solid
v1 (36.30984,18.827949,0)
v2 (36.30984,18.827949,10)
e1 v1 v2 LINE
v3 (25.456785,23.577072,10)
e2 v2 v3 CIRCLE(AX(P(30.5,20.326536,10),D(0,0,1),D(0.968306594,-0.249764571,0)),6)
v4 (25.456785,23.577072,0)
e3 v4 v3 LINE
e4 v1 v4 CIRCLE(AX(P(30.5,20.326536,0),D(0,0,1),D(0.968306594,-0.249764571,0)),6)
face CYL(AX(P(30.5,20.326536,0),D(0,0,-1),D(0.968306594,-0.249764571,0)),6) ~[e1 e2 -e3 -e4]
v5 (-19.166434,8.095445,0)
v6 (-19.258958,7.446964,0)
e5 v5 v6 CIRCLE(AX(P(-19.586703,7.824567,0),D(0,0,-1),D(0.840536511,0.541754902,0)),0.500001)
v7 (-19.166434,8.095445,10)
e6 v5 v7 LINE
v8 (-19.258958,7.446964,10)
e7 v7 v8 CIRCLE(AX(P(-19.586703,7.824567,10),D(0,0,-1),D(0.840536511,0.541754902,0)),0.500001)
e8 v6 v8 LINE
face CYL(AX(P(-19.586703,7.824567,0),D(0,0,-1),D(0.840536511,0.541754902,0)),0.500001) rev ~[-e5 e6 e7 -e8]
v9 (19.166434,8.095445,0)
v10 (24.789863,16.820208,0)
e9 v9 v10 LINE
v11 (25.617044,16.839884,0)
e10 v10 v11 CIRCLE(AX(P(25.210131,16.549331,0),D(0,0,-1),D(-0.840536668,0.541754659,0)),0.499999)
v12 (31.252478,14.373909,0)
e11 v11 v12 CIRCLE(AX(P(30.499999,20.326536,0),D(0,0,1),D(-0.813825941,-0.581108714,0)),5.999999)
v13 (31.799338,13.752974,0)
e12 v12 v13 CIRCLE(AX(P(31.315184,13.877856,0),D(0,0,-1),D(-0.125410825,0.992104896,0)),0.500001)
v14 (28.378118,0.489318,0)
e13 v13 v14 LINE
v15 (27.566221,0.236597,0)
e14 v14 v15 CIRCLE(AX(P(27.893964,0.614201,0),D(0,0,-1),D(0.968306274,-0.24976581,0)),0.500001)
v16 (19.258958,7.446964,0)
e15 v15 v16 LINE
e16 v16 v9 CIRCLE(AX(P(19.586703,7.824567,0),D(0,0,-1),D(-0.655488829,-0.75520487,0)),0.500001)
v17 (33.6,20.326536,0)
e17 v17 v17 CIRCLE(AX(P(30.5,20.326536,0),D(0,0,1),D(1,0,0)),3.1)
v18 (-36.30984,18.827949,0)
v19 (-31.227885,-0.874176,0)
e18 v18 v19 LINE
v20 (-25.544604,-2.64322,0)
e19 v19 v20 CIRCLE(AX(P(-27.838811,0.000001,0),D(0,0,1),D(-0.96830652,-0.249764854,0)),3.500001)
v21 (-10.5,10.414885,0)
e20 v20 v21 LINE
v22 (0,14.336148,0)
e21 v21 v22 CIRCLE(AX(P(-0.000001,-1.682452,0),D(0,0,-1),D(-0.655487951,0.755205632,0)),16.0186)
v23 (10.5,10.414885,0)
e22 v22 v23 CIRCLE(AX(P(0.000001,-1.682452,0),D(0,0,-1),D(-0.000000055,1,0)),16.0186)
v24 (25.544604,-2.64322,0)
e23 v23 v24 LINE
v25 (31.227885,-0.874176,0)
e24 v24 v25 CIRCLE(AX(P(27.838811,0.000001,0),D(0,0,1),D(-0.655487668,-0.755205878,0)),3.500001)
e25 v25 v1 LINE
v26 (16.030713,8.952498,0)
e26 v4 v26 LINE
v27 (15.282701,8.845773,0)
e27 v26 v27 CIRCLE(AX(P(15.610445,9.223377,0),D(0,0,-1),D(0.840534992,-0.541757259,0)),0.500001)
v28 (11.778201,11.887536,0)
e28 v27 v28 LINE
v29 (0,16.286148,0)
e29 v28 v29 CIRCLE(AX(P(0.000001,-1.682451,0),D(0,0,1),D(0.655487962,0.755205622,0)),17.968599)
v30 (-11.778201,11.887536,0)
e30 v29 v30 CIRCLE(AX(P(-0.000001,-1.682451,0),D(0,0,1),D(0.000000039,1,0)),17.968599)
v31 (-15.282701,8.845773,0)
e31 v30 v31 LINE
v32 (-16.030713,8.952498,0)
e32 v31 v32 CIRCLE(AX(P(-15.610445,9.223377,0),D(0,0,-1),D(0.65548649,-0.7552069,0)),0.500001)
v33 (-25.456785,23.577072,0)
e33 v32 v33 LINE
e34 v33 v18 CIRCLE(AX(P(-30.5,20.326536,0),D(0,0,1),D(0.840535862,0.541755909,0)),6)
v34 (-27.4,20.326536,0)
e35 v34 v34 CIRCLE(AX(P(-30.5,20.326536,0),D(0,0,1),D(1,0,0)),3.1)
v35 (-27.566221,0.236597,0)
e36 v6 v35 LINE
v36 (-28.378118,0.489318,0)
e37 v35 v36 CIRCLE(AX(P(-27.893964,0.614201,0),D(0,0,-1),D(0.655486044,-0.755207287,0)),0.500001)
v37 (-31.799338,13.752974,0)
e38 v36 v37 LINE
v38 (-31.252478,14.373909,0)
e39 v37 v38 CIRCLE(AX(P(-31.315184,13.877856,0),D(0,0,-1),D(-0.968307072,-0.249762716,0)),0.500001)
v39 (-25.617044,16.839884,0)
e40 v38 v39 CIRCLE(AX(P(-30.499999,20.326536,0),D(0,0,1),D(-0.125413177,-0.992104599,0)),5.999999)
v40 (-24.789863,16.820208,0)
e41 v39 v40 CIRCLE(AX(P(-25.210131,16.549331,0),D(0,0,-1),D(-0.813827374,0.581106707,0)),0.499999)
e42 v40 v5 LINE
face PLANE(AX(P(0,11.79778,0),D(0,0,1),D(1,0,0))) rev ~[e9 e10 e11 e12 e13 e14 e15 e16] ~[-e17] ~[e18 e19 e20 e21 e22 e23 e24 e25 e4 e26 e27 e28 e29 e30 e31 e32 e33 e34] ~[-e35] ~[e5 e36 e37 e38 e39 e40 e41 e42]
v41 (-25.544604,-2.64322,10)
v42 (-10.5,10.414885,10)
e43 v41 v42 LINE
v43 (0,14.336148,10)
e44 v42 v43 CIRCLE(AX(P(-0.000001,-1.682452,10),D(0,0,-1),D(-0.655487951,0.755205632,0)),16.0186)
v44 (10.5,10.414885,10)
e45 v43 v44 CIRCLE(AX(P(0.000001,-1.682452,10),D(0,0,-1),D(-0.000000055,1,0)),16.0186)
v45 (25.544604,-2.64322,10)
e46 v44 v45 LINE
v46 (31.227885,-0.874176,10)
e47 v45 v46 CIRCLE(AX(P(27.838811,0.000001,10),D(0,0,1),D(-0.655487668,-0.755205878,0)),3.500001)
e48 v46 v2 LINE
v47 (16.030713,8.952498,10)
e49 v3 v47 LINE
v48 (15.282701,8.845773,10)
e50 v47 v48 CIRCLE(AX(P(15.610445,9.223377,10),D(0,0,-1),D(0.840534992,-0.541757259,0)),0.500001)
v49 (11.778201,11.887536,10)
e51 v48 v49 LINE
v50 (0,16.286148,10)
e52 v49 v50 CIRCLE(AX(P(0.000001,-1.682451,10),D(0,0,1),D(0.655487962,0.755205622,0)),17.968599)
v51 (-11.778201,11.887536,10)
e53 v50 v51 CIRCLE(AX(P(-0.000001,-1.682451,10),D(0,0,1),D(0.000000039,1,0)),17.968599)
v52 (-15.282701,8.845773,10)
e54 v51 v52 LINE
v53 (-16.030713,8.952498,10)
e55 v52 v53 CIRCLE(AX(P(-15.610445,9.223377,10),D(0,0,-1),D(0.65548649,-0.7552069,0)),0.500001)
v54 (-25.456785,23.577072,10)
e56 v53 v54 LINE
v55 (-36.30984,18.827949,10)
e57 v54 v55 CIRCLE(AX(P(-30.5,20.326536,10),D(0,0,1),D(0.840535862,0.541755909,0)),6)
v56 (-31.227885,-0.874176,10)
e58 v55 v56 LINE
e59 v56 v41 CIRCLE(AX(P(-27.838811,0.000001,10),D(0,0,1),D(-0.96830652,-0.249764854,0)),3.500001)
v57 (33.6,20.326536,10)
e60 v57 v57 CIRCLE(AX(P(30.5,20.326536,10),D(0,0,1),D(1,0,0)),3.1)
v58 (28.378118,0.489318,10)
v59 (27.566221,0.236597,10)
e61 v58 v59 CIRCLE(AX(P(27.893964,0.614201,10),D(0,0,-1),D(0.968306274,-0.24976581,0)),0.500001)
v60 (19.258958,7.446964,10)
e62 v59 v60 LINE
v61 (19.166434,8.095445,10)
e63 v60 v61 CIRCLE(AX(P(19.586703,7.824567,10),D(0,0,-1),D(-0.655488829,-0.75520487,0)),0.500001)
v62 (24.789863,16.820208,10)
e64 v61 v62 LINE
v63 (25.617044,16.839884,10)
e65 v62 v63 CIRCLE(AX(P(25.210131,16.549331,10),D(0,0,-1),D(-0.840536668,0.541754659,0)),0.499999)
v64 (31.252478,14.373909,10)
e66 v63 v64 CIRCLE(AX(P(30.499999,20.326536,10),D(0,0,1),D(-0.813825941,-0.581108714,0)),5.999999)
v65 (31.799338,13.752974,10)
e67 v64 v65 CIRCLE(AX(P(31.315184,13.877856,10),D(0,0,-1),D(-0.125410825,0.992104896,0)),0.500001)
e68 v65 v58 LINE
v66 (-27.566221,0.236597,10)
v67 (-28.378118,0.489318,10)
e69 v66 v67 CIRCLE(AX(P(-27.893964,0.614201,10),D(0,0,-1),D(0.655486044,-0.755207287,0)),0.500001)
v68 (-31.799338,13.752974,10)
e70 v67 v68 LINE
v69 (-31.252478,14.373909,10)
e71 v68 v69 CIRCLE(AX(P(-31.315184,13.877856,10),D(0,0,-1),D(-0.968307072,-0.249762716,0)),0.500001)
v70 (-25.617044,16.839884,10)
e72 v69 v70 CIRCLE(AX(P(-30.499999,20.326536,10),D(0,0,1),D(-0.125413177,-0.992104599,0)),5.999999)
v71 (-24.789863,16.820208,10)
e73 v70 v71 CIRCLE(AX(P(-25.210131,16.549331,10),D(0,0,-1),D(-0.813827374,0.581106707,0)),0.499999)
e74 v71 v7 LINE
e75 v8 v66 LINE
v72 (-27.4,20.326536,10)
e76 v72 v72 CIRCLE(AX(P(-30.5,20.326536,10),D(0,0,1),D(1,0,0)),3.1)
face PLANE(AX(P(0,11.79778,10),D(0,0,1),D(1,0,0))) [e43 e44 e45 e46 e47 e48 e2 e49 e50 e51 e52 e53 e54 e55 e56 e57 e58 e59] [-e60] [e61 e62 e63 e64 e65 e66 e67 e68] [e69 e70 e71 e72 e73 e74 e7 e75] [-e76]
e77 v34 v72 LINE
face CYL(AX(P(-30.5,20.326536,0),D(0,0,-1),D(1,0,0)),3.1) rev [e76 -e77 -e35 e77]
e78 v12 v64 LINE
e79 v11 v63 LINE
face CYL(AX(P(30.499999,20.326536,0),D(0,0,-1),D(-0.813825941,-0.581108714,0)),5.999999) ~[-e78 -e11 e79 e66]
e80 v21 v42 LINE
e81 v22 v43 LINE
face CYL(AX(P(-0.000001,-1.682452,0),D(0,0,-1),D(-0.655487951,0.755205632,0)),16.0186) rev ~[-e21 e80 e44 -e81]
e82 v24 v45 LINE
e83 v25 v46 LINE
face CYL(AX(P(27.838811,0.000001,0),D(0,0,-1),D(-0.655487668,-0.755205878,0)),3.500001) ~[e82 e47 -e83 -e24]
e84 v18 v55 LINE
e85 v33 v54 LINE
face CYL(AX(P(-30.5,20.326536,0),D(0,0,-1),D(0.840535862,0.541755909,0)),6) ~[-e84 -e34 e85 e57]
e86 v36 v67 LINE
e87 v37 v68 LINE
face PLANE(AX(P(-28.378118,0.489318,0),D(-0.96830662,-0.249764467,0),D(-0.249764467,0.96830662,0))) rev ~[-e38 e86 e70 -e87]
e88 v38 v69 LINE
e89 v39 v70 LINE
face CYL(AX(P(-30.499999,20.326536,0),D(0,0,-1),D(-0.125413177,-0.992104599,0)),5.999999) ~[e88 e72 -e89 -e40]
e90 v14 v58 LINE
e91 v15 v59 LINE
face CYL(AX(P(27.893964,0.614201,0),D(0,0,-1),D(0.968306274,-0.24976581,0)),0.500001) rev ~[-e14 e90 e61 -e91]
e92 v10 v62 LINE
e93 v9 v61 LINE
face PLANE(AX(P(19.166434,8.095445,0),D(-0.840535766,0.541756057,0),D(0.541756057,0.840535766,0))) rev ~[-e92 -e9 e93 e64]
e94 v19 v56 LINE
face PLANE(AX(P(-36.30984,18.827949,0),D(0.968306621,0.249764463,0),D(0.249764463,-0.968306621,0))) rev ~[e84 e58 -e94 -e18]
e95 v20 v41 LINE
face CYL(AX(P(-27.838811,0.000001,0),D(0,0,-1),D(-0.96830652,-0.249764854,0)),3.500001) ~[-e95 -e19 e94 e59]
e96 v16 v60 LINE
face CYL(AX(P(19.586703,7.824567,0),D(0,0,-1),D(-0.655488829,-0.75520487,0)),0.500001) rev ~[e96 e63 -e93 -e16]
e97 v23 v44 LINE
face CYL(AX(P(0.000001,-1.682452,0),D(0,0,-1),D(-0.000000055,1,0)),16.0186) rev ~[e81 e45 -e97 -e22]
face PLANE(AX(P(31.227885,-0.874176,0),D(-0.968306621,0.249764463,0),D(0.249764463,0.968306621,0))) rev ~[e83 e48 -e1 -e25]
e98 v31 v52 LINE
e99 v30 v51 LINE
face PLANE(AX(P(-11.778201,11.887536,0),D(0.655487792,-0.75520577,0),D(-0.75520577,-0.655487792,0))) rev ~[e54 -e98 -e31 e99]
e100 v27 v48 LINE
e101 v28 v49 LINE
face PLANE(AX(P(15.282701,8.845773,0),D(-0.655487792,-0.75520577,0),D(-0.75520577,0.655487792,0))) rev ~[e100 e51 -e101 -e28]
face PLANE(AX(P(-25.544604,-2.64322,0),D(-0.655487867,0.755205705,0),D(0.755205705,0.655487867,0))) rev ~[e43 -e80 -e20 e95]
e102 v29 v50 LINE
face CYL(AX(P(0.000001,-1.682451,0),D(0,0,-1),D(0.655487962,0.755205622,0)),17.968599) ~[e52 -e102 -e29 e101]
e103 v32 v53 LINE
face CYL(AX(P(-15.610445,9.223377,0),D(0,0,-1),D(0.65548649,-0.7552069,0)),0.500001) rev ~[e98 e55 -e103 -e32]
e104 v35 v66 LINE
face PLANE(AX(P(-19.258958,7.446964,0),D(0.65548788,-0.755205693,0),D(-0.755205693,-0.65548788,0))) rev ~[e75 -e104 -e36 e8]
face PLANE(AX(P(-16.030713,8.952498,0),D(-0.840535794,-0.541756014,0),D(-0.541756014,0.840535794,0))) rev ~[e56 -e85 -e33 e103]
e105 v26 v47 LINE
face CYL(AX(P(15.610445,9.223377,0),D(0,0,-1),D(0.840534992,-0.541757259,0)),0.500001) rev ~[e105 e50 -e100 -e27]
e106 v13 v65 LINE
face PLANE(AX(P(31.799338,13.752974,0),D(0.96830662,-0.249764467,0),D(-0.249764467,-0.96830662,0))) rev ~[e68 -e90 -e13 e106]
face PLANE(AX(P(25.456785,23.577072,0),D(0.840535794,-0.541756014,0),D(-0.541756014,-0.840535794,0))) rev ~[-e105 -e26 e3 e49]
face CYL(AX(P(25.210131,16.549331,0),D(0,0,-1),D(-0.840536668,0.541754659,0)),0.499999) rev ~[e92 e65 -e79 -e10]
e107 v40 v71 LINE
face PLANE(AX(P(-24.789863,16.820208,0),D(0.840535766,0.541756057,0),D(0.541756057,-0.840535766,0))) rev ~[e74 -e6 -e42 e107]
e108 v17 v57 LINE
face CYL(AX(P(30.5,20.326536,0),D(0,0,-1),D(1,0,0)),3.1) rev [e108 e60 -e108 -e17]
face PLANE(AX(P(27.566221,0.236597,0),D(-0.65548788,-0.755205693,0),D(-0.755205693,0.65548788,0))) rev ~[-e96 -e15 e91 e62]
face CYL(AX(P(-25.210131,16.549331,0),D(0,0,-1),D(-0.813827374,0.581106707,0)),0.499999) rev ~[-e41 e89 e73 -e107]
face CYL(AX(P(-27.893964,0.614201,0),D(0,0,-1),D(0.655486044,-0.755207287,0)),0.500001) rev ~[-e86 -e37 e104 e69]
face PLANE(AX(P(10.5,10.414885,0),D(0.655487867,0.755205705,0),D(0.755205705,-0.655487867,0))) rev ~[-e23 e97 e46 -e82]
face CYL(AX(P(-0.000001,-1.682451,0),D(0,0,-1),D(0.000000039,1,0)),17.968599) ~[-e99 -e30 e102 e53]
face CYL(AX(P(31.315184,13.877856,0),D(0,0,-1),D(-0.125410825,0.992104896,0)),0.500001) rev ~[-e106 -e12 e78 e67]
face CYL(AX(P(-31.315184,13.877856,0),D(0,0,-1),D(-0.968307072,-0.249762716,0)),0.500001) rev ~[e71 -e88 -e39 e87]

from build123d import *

# Parameters (mm, degrees)
F0_R     = 3.1
F1_DEPTH = 10


with BuildPart() as f1:
    # F0 (on Top) → F1 (new body)
    with BuildSketch(Plane.XY):
        with BuildLine():
            Line((10.5, 10.414885), (25.544604, -2.64322))
            ThreePointArc((25.544604, -2.64322), (28.879034, -3.341846), (31.227885, -0.874176))
            Line((31.227885, -0.874176), (36.30984, 18.827949))
            ThreePointArc((36.30984, 18.827949), (32.905301, 25.823311), (25.456785, 23.577072))
            Line((25.456785, 23.577072), (16.030713, 8.952498))
            ThreePointArc((16.030713, 8.952498), (15.681068, 8.728389), (15.282701, 8.845773))
            Line((15.282701, 8.845773), (11.778201, 11.887536))
            ThreePointArc((11.778201, 11.887536), (6.28637, 15.150615), (0, 16.286148))
            ThreePointArc((0, 16.286148), (-6.28637, 15.150615), (-11.778201, 11.887536))
            Line((-11.778201, 11.887536), (-15.282701, 8.845773))
            ThreePointArc((-15.282701, 8.845773), (-15.681068, 8.728389), (-16.030713, 8.952498))
            Line((-16.030713, 8.952498), (-25.456785, 23.577072))
            ThreePointArc((-25.456785, 23.577072), (-32.905301, 25.823311), (-36.30984, 18.827949))
            Line((-36.30984, 18.827949), (-31.227885, -0.874176))
            ThreePointArc((-31.227885, -0.874176), (-28.879034, -3.341846), (-25.544604, -2.64322))
            Line((-25.544604, -2.64322), (-10.5, 10.414885))
            ThreePointArc((-10.5, 10.414885), (-5.604157, 13.323846), (0, 14.336148))
            ThreePointArc((0, 14.336148), (5.604157, 13.323846), (10.5, 10.414885))
        make_face()
        with BuildLine():
            Line((-19.258958, 7.446964), (-27.566221, 0.236597))
            ThreePointArc((-27.566221, 0.236597), (-28.042568, 0.136794), (-28.378118, 0.489318))
            Line((-28.378118, 0.489318), (-31.799338, 13.752974))
            ThreePointArc((-31.799338, 13.752974), (-31.69041, 14.208319), (-31.252478, 14.373909))
            ThreePointArc((-31.252478, 14.373909), (-28.094699, 14.829762), (-25.617044, 16.839884))
            ThreePointArc((-25.617044, 16.839884), (-25.198241, 17.049189), (-24.789863, 16.820208))
            Line((-24.789863, 16.820208), (-19.166434, 8.095445))
            ThreePointArc((-19.166434, 8.095445), (-19.091715, 7.753943), (-19.258958, 7.446964))
        make_face(mode=Mode.SUBTRACT)
        with BuildLine():
            ThreePointArc((24.789863, 16.820208), (25.198241, 17.049189), (25.617044, 16.839884))
            ThreePointArc((25.617044, 16.839884), (28.094699, 14.829762), (31.252478, 14.373909))
            ThreePointArc((31.252478, 14.373909), (31.69041, 14.208319), (31.799338, 13.752974))
            Line((31.799338, 13.752974), (28.378118, 0.489318))
            ThreePointArc((28.378118, 0.489318), (28.042568, 0.136794), (27.566221, 0.236597))
            Line((27.566221, 0.236597), (19.258958, 7.446964))
            ThreePointArc((19.258958, 7.446964), (19.091715, 7.753943), (19.166434, 8.095445))
            Line((19.166434, 8.095445), (24.789863, 16.820208))
        make_face(mode=Mode.SUBTRACT)
        with Locations((-30.5, 20.326536)):
            Circle(F0_R, mode=Mode.SUBTRACT)
        with Locations((30.5, 20.326536)):
            Circle(F0_R, mode=Mode.SUBTRACT)
    extrude(amount=F1_DEPTH)


solid = f1.part
